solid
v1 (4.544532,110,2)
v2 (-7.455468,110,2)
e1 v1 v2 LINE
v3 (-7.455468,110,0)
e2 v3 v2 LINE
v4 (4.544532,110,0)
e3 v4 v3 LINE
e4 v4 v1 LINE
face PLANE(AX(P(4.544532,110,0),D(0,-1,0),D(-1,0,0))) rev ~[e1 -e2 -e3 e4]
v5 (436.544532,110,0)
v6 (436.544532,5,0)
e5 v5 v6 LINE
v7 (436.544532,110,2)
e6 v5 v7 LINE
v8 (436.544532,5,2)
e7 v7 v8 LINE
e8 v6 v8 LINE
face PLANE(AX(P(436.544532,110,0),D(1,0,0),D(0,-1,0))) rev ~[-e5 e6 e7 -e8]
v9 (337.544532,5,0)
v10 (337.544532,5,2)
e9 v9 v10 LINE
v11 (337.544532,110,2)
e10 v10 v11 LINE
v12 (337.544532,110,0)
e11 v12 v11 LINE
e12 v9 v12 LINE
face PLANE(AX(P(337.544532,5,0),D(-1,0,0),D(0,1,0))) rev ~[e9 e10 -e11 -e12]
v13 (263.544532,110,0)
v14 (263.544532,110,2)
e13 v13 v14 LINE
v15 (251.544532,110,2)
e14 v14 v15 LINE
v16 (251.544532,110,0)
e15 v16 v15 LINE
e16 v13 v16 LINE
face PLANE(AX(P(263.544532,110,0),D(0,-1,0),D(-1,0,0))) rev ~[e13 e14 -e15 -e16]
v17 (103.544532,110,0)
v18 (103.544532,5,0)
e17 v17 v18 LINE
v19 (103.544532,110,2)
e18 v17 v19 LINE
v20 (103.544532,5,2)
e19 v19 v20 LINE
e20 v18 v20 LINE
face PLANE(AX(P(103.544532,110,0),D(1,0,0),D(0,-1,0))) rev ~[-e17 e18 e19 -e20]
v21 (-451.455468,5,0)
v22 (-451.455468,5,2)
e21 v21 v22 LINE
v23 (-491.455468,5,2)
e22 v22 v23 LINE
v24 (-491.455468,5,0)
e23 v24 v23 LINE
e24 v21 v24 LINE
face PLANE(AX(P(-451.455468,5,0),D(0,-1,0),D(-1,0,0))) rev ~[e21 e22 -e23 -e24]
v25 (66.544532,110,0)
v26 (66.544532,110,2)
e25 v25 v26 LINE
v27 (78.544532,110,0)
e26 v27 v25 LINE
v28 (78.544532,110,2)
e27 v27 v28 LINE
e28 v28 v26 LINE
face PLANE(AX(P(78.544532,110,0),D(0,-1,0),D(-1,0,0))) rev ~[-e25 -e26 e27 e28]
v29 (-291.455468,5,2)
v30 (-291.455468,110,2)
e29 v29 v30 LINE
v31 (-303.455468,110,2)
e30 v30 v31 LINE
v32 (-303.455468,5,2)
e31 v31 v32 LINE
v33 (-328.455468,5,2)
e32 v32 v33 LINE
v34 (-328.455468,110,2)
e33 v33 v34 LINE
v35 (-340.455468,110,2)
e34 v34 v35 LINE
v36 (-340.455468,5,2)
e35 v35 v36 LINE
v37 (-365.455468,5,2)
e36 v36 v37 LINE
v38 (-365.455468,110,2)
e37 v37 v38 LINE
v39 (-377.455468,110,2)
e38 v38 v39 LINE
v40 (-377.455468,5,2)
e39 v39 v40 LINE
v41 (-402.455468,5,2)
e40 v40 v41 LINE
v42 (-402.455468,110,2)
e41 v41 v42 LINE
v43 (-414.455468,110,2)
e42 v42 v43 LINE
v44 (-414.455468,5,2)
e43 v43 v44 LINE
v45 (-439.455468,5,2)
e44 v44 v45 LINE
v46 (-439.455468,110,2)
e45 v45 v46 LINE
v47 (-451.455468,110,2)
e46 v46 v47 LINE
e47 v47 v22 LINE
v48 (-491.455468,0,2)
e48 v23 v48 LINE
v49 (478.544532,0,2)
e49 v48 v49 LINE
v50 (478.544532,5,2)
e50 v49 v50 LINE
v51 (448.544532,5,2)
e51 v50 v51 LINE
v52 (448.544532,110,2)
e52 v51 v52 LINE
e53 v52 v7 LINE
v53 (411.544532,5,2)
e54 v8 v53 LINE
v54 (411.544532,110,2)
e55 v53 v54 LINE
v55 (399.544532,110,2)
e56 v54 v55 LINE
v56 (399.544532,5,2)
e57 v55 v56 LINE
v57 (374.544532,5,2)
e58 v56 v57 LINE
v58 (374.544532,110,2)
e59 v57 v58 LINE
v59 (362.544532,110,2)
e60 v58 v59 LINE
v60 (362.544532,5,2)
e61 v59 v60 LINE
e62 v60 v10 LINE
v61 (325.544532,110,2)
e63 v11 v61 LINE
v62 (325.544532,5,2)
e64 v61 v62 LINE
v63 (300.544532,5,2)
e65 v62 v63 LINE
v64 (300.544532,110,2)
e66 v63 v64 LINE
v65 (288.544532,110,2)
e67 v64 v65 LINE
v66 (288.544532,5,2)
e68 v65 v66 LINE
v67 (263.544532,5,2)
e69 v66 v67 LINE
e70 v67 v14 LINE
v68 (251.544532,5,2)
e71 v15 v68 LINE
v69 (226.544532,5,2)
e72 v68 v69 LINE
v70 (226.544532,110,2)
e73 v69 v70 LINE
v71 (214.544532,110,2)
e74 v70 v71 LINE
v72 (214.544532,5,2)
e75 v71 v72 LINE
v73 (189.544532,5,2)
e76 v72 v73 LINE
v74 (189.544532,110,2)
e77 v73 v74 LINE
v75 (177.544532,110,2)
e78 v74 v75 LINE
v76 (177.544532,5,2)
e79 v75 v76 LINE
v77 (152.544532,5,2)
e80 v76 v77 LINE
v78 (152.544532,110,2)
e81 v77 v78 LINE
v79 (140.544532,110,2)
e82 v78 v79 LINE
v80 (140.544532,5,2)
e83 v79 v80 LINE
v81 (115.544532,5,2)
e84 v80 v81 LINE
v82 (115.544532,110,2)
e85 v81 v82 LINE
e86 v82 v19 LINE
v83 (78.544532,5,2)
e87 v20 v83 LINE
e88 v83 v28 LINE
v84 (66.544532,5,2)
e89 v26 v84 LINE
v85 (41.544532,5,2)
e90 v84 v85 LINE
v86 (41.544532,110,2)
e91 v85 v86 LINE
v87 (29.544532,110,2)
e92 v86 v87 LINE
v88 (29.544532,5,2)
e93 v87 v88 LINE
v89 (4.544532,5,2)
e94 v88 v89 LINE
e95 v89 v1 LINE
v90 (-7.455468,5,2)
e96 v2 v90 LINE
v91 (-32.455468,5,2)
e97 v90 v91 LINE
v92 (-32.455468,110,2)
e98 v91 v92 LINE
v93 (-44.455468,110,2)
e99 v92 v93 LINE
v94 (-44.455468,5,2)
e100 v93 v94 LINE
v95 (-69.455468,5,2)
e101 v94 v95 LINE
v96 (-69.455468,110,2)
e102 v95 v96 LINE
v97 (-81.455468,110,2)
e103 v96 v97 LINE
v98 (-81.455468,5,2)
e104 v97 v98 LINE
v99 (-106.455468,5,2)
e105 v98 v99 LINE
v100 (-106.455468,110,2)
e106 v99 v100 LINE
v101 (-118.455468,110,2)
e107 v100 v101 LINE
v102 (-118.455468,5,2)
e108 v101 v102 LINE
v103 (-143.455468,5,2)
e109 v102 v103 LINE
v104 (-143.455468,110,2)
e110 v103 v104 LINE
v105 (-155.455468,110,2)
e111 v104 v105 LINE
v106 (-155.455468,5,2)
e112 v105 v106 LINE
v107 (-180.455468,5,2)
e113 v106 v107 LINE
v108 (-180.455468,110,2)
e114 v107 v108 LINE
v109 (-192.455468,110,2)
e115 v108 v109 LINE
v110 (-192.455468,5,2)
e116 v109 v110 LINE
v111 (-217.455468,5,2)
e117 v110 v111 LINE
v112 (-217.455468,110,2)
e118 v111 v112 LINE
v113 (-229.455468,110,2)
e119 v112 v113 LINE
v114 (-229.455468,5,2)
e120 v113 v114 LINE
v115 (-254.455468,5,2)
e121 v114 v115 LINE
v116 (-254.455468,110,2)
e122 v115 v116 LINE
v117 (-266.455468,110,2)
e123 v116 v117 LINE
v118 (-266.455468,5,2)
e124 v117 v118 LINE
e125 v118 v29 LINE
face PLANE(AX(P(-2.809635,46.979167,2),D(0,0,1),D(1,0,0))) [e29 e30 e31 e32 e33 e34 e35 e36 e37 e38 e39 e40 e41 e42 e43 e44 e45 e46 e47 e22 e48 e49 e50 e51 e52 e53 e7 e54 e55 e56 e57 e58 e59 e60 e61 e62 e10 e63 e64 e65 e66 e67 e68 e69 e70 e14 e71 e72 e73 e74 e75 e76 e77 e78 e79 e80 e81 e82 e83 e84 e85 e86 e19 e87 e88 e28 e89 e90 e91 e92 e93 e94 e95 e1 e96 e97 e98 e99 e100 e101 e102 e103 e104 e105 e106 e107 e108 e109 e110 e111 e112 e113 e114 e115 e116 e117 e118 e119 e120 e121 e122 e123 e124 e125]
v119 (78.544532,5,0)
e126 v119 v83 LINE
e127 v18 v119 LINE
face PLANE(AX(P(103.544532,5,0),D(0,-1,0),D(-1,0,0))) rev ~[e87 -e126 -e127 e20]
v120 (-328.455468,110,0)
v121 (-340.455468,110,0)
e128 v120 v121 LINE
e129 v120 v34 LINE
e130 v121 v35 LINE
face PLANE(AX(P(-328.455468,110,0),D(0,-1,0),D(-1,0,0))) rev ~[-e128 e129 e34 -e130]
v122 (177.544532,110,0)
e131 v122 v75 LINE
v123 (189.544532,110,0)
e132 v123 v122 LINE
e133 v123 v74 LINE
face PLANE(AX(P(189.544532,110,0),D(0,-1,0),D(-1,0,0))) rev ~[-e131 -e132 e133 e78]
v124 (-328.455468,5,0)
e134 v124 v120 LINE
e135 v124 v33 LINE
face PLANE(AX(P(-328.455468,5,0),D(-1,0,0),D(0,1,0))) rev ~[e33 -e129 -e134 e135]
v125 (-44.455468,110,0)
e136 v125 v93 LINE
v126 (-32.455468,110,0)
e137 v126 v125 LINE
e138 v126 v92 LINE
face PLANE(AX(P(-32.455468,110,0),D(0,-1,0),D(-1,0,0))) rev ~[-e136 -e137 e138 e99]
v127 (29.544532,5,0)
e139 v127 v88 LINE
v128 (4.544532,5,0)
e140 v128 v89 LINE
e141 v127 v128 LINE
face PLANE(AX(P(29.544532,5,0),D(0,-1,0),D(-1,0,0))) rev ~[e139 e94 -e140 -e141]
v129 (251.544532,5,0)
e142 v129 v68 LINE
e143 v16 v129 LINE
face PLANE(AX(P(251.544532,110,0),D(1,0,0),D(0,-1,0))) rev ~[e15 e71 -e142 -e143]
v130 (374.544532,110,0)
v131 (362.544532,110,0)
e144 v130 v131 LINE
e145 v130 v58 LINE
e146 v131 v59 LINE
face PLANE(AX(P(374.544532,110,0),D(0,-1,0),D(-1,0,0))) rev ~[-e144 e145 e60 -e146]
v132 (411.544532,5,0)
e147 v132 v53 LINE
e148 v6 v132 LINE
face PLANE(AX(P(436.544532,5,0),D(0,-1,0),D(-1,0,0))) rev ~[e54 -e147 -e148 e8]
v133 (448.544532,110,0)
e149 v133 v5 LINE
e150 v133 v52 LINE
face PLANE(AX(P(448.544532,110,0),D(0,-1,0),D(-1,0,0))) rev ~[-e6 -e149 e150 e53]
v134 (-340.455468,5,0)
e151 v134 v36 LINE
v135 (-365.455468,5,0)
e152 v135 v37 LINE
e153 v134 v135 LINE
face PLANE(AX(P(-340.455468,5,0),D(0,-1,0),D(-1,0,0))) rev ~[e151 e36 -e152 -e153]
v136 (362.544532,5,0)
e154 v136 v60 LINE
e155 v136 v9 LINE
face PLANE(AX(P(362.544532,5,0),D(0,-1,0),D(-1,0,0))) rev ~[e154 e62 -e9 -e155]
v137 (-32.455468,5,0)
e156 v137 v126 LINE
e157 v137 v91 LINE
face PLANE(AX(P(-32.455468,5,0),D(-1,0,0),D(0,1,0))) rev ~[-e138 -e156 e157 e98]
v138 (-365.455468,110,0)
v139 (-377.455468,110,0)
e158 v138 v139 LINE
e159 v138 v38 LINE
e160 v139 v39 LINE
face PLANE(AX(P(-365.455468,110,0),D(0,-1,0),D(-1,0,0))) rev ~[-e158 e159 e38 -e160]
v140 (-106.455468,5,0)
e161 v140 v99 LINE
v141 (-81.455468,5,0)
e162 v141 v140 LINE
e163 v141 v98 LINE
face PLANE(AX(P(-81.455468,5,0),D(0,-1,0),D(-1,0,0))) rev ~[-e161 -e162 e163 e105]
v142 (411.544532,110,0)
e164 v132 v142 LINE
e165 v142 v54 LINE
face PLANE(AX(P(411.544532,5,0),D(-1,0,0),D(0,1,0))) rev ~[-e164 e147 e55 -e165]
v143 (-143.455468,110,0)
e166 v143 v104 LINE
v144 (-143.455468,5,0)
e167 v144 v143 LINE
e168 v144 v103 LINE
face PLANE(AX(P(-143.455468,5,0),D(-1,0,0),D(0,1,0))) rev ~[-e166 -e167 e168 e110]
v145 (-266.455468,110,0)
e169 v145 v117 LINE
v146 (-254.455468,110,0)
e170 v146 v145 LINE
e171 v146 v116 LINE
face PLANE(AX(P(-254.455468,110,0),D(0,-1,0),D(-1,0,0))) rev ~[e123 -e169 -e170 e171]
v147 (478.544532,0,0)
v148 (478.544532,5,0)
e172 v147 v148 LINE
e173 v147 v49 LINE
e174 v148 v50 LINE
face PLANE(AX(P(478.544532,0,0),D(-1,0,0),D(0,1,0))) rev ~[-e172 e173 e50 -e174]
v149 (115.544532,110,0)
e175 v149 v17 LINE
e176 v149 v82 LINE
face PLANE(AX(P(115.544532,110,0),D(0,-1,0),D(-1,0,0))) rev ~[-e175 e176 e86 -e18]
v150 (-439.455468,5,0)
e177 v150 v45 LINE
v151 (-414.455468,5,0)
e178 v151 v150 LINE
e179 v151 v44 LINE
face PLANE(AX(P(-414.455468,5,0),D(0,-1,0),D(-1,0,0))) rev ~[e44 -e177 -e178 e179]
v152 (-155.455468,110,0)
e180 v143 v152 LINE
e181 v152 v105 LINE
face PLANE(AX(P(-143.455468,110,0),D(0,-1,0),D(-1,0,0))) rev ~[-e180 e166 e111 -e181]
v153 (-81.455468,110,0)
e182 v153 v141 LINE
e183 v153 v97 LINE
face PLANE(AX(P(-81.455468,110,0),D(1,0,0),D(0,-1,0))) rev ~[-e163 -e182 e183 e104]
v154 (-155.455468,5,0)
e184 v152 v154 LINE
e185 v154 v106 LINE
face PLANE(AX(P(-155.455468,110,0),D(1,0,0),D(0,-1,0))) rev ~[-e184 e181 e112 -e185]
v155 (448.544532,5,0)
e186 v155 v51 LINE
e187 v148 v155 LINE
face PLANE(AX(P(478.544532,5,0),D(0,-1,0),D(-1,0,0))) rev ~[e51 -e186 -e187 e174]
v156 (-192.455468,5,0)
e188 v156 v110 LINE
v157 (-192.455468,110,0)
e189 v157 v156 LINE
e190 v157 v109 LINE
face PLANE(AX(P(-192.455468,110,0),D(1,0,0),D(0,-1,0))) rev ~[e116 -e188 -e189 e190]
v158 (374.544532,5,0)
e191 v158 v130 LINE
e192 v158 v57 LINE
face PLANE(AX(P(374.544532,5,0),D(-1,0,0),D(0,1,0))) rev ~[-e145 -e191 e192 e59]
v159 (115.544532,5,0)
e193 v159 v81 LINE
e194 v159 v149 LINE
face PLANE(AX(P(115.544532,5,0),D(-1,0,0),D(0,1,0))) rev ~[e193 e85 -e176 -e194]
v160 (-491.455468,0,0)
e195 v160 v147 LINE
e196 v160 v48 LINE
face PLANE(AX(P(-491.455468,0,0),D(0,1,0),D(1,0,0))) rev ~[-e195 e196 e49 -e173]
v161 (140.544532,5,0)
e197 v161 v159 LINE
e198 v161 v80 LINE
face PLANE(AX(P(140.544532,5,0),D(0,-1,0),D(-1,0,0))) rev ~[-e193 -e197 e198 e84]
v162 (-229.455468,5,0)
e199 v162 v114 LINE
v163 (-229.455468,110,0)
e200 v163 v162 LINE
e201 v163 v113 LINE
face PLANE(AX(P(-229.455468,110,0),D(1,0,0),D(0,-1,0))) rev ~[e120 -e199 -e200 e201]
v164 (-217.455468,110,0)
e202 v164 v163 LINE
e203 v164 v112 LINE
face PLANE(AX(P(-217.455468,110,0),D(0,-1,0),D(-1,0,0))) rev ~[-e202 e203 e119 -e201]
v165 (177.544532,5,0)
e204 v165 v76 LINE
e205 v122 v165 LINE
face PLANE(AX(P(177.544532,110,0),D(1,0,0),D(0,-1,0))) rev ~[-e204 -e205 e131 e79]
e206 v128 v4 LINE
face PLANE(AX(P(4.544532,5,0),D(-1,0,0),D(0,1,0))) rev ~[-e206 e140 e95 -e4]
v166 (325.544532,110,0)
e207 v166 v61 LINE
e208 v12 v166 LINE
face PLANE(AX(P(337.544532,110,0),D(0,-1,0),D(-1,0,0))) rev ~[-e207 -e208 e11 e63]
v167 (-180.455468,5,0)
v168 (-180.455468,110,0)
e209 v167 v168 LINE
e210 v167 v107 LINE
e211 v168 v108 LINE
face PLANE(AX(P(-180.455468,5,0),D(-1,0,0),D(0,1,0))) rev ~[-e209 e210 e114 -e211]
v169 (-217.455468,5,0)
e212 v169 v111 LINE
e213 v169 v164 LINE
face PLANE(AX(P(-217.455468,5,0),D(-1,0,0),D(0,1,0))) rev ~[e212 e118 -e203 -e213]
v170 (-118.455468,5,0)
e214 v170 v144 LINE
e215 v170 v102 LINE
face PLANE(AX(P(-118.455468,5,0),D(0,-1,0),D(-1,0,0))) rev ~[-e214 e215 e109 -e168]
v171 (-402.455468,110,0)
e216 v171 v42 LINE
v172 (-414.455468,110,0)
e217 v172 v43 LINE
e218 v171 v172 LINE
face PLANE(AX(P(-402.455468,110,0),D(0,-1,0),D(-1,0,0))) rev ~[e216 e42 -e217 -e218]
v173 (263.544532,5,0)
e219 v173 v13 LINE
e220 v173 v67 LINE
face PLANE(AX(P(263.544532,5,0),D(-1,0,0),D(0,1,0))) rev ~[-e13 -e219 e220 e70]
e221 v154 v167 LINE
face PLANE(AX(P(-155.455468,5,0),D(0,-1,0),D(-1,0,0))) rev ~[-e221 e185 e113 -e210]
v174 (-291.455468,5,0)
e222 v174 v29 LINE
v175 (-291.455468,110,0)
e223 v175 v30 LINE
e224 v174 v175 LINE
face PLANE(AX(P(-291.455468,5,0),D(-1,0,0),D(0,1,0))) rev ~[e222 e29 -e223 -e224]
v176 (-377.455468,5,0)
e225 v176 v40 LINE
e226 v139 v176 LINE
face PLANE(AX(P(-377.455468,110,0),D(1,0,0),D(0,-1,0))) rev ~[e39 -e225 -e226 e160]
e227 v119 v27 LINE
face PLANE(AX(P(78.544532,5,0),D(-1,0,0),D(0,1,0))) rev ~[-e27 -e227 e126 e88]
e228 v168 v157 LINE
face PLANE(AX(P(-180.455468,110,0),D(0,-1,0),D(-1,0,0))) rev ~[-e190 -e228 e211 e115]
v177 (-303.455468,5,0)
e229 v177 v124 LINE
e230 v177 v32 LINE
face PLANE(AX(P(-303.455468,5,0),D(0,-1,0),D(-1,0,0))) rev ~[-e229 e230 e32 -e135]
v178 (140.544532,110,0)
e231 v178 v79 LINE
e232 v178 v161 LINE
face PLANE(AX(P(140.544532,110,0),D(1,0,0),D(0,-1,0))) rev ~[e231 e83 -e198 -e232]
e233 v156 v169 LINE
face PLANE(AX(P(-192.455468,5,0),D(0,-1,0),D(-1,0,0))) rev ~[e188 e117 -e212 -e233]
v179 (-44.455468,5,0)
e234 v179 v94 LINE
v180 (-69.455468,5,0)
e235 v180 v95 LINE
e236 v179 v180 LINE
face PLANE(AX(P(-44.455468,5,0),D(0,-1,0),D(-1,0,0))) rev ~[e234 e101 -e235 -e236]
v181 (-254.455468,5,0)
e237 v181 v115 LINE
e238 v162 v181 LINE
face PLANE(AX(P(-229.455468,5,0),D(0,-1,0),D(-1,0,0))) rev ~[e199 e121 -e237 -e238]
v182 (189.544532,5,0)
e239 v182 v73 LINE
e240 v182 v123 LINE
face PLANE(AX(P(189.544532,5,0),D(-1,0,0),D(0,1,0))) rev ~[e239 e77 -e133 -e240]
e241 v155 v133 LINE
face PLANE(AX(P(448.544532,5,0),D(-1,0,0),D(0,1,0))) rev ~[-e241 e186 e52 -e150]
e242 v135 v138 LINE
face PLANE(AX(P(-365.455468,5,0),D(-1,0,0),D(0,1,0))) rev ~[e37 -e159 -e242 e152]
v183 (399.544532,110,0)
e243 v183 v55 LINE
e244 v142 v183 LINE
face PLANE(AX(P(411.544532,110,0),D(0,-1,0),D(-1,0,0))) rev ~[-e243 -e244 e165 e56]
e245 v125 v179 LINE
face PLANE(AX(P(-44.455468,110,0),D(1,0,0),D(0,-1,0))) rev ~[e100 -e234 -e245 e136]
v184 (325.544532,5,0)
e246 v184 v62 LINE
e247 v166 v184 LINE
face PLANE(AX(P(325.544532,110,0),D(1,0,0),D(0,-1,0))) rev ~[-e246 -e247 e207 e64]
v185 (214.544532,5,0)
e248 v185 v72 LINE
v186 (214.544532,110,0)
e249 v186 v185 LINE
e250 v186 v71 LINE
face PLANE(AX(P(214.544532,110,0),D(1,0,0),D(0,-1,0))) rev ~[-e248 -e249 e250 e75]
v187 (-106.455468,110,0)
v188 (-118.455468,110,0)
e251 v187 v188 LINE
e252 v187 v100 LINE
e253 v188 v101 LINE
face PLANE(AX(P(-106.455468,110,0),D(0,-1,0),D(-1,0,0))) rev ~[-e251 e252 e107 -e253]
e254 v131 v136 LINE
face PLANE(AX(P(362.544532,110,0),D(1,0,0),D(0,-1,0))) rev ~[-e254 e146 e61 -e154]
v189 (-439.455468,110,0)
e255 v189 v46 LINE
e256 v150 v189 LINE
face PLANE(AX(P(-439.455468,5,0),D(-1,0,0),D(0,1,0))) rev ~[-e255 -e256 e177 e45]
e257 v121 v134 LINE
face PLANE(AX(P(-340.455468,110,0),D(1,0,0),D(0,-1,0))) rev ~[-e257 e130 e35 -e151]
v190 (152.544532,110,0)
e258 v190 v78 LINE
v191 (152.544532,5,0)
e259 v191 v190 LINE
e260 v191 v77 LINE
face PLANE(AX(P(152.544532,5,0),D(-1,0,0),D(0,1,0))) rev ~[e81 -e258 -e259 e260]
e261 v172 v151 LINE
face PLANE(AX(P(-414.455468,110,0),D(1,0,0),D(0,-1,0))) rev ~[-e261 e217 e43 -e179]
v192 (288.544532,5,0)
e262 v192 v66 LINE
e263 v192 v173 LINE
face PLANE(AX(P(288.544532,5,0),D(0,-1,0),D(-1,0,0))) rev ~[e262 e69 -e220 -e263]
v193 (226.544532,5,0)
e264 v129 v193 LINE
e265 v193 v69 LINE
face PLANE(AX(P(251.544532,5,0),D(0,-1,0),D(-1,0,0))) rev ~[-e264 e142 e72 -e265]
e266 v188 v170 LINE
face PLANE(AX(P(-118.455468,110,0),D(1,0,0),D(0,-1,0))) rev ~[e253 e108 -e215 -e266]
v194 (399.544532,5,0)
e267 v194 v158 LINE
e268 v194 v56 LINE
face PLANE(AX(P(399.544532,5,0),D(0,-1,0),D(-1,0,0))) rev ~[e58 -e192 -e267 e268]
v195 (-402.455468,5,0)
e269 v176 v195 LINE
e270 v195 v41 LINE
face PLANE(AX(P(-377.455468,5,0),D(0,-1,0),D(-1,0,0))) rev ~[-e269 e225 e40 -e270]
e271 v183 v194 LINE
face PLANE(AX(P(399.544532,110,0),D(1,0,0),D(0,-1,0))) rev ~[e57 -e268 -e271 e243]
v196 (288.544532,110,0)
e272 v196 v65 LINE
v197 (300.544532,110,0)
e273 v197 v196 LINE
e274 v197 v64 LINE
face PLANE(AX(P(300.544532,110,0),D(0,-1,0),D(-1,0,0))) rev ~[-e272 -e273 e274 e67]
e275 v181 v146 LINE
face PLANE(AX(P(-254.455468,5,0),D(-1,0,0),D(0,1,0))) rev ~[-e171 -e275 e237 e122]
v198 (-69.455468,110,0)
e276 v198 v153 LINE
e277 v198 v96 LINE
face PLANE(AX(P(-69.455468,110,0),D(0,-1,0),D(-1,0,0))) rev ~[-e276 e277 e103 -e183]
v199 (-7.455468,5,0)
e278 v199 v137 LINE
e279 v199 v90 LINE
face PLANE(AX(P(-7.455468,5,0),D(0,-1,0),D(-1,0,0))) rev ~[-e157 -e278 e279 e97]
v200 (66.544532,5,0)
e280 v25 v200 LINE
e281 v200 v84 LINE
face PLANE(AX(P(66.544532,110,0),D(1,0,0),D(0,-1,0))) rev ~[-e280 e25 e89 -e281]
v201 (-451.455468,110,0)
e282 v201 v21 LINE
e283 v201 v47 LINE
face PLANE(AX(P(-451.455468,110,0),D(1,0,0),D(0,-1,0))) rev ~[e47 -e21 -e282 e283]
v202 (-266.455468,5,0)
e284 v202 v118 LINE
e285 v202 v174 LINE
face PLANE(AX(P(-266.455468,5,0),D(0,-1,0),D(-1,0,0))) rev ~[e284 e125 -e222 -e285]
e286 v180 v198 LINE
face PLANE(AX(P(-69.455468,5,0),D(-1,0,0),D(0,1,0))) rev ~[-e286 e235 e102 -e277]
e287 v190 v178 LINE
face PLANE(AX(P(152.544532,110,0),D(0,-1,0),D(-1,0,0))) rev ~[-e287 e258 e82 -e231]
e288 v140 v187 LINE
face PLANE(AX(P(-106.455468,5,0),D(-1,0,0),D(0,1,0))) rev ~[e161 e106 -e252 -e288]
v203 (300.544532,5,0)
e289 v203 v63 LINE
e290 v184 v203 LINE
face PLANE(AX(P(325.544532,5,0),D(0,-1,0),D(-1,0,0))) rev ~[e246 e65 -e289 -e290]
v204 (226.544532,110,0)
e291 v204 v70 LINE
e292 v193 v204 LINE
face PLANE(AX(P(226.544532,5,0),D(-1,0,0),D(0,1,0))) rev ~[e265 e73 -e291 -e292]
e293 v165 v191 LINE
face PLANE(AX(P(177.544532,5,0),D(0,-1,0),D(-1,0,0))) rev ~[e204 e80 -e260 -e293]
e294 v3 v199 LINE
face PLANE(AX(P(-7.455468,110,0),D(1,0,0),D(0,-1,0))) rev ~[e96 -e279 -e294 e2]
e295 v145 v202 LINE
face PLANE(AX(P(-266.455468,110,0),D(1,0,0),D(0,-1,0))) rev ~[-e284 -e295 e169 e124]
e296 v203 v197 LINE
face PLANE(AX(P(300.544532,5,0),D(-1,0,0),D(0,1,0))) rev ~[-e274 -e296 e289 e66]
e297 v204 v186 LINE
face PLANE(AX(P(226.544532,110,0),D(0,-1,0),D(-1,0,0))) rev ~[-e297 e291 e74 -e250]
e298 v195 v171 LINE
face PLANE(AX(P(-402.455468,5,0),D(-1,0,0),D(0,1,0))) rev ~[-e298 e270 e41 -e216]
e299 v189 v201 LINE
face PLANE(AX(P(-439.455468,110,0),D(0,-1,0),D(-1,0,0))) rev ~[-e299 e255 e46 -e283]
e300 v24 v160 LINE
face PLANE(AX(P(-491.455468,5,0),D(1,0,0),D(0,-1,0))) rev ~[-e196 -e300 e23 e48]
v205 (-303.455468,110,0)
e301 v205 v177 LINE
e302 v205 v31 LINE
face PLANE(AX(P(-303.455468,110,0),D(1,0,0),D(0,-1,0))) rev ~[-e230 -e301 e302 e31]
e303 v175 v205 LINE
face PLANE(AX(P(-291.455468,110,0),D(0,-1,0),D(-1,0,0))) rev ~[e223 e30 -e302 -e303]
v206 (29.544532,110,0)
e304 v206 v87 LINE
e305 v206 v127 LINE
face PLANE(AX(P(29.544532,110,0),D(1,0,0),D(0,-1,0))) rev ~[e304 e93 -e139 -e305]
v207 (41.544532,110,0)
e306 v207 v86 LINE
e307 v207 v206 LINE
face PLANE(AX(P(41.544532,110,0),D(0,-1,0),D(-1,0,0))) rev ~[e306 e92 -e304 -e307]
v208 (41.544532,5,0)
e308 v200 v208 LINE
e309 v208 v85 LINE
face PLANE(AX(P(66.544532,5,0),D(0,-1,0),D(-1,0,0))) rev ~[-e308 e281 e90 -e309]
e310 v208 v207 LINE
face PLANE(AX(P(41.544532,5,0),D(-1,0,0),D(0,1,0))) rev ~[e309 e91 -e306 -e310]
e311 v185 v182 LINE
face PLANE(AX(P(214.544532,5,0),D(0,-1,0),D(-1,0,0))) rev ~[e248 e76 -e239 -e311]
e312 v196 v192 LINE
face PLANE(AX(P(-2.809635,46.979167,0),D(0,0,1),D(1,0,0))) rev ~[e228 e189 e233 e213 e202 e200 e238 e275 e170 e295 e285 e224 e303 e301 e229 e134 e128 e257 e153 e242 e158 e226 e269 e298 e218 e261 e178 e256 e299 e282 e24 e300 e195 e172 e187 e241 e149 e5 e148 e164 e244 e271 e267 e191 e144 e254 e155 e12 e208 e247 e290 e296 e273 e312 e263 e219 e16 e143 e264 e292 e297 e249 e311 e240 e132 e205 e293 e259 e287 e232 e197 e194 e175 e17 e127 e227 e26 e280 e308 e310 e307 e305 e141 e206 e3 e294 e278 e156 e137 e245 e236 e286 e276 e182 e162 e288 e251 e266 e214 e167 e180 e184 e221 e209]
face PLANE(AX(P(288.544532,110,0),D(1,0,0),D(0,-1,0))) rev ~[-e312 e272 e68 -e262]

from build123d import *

# Parameters (mm, degrees)
BOSS_EXTRUDE1_DEPTH = 2


with BuildPart() as part:
    # Sketch1 → Boss-Extrude1 (new body)
    with BuildSketch(Plane.XY):
        Polygon((-481.45546786, 0), (478.54453214, 0), (478.54453214, 5), (448.54453214, 5), (448.54453214, 110), (436.54453214, 110), (436.54453214, 5), (411.54453214, 5), (411.54453214, 110), (399.54453214, 110), (399.54453214, 5), (374.54453214, 5), (374.54453214, 110), (362.54453214, 110), (362.54453214, 5), (337.54453214, 5), (337.54453214, 110), (325.54453214, 110), (325.54453214, 5), (300.54453214, 5), (300.54453214, 110), (288.54453214, 110), (288.54453214, 5), (263.54453214, 5), (263.54453214, 110), (251.54453214, 110), (251.54453214, 5), (226.54453214, 5), (226.54453214, 110), (214.54453214, 110), (214.54453214, 5), (189.54453214, 5), (189.54453214, 110), (177.54453214, 110), (177.54453214, 5), (152.54453214, 5), (152.54453214, 110), (140.54453214, 110), (140.54453214, 5), (115.54453214, 5), (115.54453214, 110), (103.54453214, 110), (103.54453214, 5), (78.54453214, 5), (78.54453214, 110), (66.54453214, 110), (66.54453214, 5), (41.54453214, 5), (41.54453214, 110), (29.54453214, 110), (29.54453214, 5), (4.54453214, 5), (4.54453214, 110), (-7.45546786, 110), (-7.45546786, 5), (-32.45546786, 5), (-32.45546786, 110), (-44.45546786, 110), (-44.45546786, 5), (-69.45546786, 5), (-69.45546786, 110), (-81.45546786, 110), (-81.45546786, 5), (-106.45546786, 5), (-106.45546786, 110), (-118.45546786, 110), (-118.45546786, 5), (-143.45546786, 5), (-143.45546786, 110), (-155.45546786, 110), (-155.45546786, 5), (-180.45546786, 5), (-180.45546786, 110), (-192.45546786, 110), (-192.45546786, 5), (-217.45546786, 5), (-217.45546786, 110), (-229.45546786, 110), (-229.45546786, 5), (-254.45546786, 5), (-254.45546786, 110), (-266.45546786, 110), (-266.45546786, 5), (-291.45546786, 5), (-291.45546786, 110), (-303.45546786, 110), (-303.45546786, 5), (-328.45546786, 5), (-328.45546786, 110), (-340.45546786, 110), (-340.45546786, 5), (-365.45546786, 5), (-365.45546786, 110), (-377.45546786, 110), (-377.45546786, 5), (-402.45546786, 5), (-402.45546786, 110), (-414.45546786, 110), (-414.45546786, 5), (-439.45546786, 5), (-439.45546786, 110), (-451.45546786, 110), (-451.45546786, 5), (-491.45546786, 5), (-491.45546786, 0), align=None)
    extrude(amount=BOSS_EXTRUDE1_DEPTH)


solid = part.part
